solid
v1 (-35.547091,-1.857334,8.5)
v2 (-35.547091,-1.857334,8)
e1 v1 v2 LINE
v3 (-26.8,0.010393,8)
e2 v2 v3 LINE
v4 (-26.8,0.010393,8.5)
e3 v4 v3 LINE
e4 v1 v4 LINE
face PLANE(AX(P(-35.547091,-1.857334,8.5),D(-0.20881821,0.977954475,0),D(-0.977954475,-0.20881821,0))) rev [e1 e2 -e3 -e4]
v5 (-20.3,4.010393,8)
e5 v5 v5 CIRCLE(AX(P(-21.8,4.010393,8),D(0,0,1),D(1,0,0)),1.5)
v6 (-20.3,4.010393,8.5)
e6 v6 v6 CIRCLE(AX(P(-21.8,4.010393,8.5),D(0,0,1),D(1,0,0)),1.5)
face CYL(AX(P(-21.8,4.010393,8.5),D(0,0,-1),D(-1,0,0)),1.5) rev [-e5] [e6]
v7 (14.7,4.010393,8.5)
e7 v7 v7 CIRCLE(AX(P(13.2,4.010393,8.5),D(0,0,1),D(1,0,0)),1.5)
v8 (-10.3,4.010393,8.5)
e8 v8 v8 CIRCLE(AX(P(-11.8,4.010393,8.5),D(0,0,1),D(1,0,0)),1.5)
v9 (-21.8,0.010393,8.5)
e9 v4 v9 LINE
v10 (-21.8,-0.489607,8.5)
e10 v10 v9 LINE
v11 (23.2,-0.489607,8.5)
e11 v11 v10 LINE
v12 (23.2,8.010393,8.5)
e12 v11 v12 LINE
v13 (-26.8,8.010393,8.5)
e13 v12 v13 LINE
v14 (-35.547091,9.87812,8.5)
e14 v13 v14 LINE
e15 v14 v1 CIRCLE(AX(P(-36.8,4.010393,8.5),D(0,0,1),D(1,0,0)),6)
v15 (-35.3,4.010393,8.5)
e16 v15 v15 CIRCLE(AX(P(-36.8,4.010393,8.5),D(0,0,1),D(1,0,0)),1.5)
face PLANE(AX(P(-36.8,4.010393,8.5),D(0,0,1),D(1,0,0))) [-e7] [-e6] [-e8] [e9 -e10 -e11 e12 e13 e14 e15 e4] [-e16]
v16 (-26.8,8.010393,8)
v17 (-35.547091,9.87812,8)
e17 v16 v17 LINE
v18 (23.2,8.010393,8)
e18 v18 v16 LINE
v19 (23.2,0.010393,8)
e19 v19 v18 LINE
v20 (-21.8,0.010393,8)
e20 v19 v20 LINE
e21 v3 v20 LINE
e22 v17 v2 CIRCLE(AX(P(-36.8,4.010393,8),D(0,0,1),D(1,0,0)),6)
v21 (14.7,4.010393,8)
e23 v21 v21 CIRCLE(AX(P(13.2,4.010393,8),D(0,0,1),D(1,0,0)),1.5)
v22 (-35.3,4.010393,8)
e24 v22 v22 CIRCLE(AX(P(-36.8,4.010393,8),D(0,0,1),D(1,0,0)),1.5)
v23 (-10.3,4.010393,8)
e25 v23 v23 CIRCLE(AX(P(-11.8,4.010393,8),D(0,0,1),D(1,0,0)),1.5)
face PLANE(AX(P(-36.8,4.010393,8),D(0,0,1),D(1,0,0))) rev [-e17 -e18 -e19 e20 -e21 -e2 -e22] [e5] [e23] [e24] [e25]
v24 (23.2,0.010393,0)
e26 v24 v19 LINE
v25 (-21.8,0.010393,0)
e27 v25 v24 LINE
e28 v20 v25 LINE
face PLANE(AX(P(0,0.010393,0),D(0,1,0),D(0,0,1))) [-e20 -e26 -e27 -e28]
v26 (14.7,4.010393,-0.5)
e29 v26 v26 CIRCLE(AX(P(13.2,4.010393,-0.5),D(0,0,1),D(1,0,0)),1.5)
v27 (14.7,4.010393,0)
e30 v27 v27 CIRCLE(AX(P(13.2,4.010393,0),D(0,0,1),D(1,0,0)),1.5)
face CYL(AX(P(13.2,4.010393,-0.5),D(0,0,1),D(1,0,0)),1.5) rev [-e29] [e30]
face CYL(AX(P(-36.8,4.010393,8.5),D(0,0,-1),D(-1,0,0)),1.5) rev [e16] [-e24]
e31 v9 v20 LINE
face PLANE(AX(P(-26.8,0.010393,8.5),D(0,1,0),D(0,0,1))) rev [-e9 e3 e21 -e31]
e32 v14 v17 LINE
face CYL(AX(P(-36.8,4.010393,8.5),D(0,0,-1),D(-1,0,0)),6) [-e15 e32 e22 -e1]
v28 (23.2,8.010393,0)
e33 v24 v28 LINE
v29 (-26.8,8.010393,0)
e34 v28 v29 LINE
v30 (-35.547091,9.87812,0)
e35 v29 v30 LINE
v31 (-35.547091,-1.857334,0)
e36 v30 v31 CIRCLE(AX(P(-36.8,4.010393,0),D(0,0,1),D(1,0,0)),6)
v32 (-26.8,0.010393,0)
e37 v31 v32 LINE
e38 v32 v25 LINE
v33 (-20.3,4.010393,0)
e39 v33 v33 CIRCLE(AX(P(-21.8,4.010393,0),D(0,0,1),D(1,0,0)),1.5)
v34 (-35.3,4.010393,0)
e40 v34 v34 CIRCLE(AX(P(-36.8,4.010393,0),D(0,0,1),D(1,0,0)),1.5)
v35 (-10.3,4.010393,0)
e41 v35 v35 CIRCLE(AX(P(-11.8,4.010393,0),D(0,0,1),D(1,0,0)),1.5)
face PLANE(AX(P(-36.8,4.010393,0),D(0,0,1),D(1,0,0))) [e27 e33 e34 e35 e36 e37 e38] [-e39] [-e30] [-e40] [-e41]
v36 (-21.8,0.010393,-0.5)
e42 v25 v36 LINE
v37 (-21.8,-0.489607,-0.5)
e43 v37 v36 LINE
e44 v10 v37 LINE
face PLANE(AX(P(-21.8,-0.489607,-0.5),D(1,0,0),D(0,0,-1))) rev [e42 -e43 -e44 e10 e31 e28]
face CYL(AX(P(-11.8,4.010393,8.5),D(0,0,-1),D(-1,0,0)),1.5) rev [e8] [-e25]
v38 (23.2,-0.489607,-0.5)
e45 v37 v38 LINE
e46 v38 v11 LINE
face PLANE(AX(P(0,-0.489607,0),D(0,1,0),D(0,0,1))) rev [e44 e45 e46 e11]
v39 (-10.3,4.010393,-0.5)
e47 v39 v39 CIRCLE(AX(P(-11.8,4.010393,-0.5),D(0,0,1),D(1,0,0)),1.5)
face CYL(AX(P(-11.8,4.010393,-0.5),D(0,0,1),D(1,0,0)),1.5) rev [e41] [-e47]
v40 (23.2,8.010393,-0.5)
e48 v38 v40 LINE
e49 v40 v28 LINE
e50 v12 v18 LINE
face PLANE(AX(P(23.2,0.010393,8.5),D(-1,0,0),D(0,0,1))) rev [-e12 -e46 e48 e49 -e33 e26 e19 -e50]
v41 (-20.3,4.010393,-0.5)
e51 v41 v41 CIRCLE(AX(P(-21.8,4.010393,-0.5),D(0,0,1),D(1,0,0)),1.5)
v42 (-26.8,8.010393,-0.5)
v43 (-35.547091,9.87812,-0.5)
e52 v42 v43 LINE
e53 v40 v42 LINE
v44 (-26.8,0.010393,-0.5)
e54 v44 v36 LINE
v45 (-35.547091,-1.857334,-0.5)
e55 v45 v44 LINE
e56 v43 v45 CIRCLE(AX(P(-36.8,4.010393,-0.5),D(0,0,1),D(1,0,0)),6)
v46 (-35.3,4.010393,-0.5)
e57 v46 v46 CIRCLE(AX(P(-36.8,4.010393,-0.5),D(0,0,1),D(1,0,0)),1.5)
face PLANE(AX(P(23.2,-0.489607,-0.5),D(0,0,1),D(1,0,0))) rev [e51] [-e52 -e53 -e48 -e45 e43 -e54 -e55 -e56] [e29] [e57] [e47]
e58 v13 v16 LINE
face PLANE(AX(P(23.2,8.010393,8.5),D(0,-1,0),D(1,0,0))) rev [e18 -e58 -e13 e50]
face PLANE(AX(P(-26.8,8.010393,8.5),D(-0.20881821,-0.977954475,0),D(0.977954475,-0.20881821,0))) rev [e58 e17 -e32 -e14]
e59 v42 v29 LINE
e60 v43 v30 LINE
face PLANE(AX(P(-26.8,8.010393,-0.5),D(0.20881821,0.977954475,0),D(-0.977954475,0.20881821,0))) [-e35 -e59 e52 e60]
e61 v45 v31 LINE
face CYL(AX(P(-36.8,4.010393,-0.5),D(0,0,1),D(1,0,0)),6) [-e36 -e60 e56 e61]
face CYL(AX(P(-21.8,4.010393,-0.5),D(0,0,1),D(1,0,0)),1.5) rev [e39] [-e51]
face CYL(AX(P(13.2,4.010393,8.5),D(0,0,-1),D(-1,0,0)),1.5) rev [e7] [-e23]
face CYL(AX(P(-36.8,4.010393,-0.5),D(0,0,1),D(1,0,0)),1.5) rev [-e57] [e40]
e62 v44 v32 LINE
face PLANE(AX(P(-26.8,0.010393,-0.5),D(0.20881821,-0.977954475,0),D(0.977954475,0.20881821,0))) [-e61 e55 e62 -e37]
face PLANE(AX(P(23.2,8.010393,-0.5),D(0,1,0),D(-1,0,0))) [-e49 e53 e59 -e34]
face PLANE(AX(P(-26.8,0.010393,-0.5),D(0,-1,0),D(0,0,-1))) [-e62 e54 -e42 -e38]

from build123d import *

# Parameters (mm, degrees)
SKETCH_3_R      = 1.5
EXTRUDE_1_DEPTH = 0.5
SKETCH_1_R      = 1.5
EXTRUDE_2_DEPTH = 0.5
SKETCH_4_W      = 45
SKETCH_4_H      = 9
EXTRUDE_3_DEPTH = 0.5


with BuildPart() as part:
    # 草图3 → 凸台-拉伸1 (new body)
    with BuildSketch(Plane.XY.offset(8)):
        with BuildLine():
            Line((-26.8, 8.010393038), (-35.54709074, 9.878119888))
            ThreePointArc((-35.54709074, 9.878119888), (-42.8, 4.010393038), (-35.54709074, -1.857333812))
            Line((-35.54709074, -1.857333812), (-26.8, 0.010393038))
            Line((-26.8, 0.010393038), (23.2, 0.010393038))
            Line((23.2, 0.010393038), (23.2, 8.010393038))
            Line((23.2, 8.010393038), (-26.8, 8.010393038))
        make_face()
        with Locations((13.2, 4.010393038)):
            Circle(SKETCH_3_R, mode=Mode.SUBTRACT)
        with Locations((-11.8, 4.010393038)):
            Circle(SKETCH_3_R, mode=Mode.SUBTRACT)
        with Locations((-21.8, 4.010393038)):
            Circle(SKETCH_3_R, mode=Mode.SUBTRACT)
        with Locations((-36.8, 4.010393038)):
            Circle(SKETCH_3_R, mode=Mode.SUBTRACT)
    extrude(amount=EXTRUDE_1_DEPTH)



with BuildPart() as body_2:
    # 草图1 → 凸台-拉伸2 (new body)
    with BuildSketch(Plane.XY):
        with BuildLine():
            Line((23.2, 8.010393038), (-26.8, 8.010393038))
            Line((-26.8, 8.010393038), (-35.54709074, 9.878119888))
            ThreePointArc((-35.54709074, 9.878119888), (-42.8, 4.010393038), (-35.54709074, -1.857333812))
            Line((-35.54709074, -1.857333812), (-26.8, 0.010393038))
            Line((-26.8, 0.010393038), (23.2, 0.010393038))
            Line((23.2, 0.010393038), (23.2, 8.010393038))
        make_face()
        with Locations((-36.8, 4.010393038)):
            Circle(SKETCH_1_R, mode=Mode.SUBTRACT)
        with Locations((-21.8, 4.010393038)):
            Circle(SKETCH_1_R, mode=Mode.SUBTRACT)
        with Locations((-11.8, 4.010393038)):
            Circle(SKETCH_1_R, mode=Mode.SUBTRACT)
        with Locations((13.2, 4.010393038)):
            Circle(SKETCH_1_R, mode=Mode.SUBTRACT)
    extrude(amount=-EXTRUDE_2_DEPTH)


with BuildPart() as part_1:
    add(part.part)

    add(body_2.part)  # 凸台-拉伸3 merges body 2
    # 草图4 → 凸台-拉伸3 (add)
    with BuildSketch(Plane.XZ.offset(-0.010393038)):
        with Locations((0.7, 4)):
            Rectangle(SKETCH_4_W, SKETCH_4_H)
    extrude(amount=EXTRUDE_3_DEPTH)


solid = part_1.part
